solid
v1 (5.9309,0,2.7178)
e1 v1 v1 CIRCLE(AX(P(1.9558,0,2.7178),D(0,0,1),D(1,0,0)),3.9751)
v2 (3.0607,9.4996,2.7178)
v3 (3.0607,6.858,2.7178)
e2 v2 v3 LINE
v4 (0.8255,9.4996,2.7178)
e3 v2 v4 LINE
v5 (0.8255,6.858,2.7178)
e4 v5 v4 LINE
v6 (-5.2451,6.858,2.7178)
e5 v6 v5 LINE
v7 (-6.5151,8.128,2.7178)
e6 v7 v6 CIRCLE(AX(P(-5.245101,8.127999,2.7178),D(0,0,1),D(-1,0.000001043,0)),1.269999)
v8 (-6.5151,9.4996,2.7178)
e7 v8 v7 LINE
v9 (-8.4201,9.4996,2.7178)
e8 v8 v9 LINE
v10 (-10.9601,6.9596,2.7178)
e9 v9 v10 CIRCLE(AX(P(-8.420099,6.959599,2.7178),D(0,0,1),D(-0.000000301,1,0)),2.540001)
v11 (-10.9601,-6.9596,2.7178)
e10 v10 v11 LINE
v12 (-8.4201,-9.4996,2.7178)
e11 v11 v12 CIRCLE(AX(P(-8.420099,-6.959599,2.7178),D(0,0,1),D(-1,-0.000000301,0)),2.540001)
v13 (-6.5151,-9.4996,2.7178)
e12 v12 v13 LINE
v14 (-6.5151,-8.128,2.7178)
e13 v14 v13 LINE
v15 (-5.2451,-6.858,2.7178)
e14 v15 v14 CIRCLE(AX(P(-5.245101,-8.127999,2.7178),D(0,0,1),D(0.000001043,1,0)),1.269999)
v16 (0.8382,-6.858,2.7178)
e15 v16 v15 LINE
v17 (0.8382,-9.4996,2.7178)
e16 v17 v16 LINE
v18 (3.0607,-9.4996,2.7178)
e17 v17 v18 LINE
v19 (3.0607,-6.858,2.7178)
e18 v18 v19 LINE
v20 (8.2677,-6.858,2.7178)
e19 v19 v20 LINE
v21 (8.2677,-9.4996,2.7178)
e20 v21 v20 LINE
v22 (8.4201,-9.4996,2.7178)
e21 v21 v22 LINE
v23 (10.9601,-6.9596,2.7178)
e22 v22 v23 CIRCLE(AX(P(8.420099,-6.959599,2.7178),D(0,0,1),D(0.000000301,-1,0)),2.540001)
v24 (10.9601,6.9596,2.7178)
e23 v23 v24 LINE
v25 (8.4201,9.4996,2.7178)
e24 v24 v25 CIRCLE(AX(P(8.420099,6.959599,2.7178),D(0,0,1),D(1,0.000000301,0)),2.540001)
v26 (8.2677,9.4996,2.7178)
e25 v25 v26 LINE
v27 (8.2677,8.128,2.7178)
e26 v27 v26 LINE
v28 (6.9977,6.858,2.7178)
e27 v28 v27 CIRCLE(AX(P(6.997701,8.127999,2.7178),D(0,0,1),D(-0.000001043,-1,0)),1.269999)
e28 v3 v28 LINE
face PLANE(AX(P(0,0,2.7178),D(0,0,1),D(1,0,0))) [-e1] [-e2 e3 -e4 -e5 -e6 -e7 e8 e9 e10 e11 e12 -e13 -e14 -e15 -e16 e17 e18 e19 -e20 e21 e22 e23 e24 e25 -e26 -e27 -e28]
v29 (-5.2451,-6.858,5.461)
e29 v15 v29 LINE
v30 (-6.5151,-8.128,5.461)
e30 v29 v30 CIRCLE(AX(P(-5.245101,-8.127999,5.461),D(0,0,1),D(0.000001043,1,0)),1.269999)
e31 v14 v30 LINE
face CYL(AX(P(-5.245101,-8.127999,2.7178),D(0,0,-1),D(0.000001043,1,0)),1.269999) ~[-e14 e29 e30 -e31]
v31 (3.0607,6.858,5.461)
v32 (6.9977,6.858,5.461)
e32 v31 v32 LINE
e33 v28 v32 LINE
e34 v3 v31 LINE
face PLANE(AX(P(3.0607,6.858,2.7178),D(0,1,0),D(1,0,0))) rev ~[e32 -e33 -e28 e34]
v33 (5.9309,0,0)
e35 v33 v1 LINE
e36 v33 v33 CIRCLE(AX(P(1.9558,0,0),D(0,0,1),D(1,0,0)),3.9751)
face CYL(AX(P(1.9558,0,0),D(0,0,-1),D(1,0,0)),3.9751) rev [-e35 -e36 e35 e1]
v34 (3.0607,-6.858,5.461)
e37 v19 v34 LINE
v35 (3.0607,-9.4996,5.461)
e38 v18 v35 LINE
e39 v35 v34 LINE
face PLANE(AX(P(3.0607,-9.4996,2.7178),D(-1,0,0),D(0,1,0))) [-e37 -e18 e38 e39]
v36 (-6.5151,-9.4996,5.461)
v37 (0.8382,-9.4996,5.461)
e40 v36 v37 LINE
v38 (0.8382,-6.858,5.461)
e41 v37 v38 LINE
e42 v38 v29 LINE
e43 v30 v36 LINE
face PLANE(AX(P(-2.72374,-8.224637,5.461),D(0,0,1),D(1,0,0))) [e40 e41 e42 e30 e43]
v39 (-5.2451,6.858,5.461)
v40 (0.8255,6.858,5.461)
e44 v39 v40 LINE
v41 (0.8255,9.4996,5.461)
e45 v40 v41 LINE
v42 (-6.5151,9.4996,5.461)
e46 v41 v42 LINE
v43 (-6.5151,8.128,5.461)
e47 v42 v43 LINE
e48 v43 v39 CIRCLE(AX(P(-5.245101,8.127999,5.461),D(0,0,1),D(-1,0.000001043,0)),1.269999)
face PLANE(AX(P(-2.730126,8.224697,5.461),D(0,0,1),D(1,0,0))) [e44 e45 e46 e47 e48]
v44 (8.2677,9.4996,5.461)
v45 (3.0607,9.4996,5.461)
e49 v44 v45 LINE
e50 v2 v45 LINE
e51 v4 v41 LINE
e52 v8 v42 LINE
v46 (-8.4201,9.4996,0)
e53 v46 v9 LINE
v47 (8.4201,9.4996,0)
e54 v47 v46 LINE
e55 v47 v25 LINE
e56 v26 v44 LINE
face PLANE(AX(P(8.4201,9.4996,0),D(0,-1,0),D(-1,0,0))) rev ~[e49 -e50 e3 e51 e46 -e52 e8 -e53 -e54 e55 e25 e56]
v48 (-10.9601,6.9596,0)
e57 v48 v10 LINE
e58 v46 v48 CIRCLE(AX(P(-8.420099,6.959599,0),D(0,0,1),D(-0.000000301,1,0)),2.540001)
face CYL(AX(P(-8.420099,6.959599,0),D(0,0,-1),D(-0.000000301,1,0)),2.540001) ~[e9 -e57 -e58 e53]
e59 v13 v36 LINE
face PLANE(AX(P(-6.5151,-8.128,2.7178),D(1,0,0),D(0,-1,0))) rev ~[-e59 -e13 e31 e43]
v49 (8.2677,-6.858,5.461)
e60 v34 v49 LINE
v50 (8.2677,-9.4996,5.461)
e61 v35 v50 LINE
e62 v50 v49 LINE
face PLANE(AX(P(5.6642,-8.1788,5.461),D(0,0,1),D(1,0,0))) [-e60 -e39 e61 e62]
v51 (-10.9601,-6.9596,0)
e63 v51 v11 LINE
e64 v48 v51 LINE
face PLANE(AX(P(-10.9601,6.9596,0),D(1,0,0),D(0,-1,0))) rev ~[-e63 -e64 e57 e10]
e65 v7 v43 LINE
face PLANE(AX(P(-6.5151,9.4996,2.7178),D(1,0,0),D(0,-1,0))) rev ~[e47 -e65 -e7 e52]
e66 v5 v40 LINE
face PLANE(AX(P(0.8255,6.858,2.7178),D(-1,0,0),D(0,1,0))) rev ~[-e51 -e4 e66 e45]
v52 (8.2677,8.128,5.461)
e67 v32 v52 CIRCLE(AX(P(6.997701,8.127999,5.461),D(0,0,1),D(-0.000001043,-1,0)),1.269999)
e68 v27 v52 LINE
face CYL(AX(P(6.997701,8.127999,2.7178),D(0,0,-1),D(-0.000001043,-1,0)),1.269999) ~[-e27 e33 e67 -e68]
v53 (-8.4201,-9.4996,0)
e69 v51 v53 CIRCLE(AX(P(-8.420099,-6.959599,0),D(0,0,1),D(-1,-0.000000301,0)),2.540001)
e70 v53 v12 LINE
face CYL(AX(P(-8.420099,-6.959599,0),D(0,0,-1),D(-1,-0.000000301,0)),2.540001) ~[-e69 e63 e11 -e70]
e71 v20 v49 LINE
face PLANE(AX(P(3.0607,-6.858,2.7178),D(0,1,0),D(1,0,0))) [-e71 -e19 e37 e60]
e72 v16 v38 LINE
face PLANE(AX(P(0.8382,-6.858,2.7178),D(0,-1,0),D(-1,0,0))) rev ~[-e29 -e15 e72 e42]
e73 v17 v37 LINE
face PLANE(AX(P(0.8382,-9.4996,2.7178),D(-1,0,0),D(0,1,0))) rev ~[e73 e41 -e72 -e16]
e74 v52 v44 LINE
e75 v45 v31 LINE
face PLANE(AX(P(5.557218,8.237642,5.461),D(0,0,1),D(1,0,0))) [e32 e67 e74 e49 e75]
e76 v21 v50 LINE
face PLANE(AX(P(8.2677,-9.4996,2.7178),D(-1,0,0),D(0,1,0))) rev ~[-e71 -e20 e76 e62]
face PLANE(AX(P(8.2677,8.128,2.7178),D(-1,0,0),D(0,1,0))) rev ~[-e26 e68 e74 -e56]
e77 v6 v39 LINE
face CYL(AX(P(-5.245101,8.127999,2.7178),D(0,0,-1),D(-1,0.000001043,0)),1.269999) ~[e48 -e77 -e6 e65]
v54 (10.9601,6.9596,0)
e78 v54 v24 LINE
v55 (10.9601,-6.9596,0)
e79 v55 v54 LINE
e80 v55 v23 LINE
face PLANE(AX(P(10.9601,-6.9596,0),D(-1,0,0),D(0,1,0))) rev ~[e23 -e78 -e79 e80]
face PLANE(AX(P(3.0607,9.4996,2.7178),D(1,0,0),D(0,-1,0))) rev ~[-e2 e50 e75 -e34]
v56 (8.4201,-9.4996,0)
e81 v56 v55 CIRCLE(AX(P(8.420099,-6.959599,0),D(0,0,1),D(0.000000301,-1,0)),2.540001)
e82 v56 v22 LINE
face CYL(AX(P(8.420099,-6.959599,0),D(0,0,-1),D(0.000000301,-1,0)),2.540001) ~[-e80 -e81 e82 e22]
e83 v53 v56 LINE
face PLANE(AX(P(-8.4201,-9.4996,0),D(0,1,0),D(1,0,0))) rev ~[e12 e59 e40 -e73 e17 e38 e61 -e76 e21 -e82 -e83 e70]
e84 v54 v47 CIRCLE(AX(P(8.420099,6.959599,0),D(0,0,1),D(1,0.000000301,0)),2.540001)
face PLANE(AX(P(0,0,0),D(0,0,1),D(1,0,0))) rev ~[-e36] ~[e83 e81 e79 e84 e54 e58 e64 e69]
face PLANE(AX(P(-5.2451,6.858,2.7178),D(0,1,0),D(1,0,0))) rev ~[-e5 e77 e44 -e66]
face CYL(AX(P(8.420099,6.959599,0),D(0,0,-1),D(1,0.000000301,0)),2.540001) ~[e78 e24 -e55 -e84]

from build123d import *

# Parameters (mm, degrees)
F0_R     = 3.9751
F1_DEPTH = 2.7178
F2_W     = 5.207
F2_H     = 2.6416
F3_DEPTH = 2.7432


with BuildPart() as f1:
    # F0 (on Top) → F1 (new body)
    with BuildSketch(Plane.XY):
        with BuildLine():
            Line((8.4201, 9.4996), (-8.4201, 9.4996))
            ThreePointArc((-8.4201, 9.4996), (-10.216151, 8.755651), (-10.9601, 6.9596))
            Line((-10.9601, 6.9596), (-10.9601, -6.9596))
            ThreePointArc((-10.9601, -6.9596), (-10.216151, -8.755651), (-8.4201, -9.4996))
            Line((-8.4201, -9.4996), (8.4201, -9.4996))
            ThreePointArc((8.4201, -9.4996), (10.216151, -8.755651), (10.9601, -6.9596))
            Line((10.9601, -6.9596), (10.9601, 6.9596))
            ThreePointArc((10.9601, 6.9596), (10.216151, 8.755651), (8.4201, 9.4996))
        make_face()
        with Locations((1.9558, 0)):
            Circle(F0_R, mode=Mode.SUBTRACT)
    extrude(amount=F1_DEPTH)

    # F2 (on face) → F3 (join)
    with BuildSketch(Plane.XY.offset(2.7178)):
        with BuildLine():
            Line((0.8255, 9.4996), (-6.5151, 9.4996))
            Line((-6.5151, 9.4996), (-6.5151, 8.128))
            ThreePointArc((-6.5151, 8.128), (-6.143126, 7.229974), (-5.2451, 6.858))
            Line((-5.2451, 6.858), (0.8255, 6.858))
            Line((0.8255, 6.858), (0.8255, 9.4996))
        make_face()
        with BuildLine():
            Line((8.2677, 9.4996), (3.0607, 9.4996))
            Line((3.0607, 9.4996), (3.0607, 6.858))
            Line((3.0607, 6.858), (6.9977, 6.858))
            ThreePointArc((6.9977, 6.858), (7.895726, 7.229974), (8.2677, 8.128))
            Line((8.2677, 8.128), (8.2677, 9.4996))
        make_face()
        with BuildLine():
            Line((-6.5151, -8.128), (-6.5151, -9.4996))
            Line((-6.5151, -9.4996), (0.8382, -9.4996))
            Line((0.8382, -9.4996), (0.8382, -6.858))
            Line((0.8382, -6.858), (-5.2451, -6.858))
            ThreePointArc((-5.2451, -6.858), (-6.143126, -7.229974), (-6.5151, -8.128))
        make_face()
        with Locations((5.6642, -8.1788)):
            Rectangle(F2_W, F2_H)
    extrude(amount=F3_DEPTH)


solid = f1.part
